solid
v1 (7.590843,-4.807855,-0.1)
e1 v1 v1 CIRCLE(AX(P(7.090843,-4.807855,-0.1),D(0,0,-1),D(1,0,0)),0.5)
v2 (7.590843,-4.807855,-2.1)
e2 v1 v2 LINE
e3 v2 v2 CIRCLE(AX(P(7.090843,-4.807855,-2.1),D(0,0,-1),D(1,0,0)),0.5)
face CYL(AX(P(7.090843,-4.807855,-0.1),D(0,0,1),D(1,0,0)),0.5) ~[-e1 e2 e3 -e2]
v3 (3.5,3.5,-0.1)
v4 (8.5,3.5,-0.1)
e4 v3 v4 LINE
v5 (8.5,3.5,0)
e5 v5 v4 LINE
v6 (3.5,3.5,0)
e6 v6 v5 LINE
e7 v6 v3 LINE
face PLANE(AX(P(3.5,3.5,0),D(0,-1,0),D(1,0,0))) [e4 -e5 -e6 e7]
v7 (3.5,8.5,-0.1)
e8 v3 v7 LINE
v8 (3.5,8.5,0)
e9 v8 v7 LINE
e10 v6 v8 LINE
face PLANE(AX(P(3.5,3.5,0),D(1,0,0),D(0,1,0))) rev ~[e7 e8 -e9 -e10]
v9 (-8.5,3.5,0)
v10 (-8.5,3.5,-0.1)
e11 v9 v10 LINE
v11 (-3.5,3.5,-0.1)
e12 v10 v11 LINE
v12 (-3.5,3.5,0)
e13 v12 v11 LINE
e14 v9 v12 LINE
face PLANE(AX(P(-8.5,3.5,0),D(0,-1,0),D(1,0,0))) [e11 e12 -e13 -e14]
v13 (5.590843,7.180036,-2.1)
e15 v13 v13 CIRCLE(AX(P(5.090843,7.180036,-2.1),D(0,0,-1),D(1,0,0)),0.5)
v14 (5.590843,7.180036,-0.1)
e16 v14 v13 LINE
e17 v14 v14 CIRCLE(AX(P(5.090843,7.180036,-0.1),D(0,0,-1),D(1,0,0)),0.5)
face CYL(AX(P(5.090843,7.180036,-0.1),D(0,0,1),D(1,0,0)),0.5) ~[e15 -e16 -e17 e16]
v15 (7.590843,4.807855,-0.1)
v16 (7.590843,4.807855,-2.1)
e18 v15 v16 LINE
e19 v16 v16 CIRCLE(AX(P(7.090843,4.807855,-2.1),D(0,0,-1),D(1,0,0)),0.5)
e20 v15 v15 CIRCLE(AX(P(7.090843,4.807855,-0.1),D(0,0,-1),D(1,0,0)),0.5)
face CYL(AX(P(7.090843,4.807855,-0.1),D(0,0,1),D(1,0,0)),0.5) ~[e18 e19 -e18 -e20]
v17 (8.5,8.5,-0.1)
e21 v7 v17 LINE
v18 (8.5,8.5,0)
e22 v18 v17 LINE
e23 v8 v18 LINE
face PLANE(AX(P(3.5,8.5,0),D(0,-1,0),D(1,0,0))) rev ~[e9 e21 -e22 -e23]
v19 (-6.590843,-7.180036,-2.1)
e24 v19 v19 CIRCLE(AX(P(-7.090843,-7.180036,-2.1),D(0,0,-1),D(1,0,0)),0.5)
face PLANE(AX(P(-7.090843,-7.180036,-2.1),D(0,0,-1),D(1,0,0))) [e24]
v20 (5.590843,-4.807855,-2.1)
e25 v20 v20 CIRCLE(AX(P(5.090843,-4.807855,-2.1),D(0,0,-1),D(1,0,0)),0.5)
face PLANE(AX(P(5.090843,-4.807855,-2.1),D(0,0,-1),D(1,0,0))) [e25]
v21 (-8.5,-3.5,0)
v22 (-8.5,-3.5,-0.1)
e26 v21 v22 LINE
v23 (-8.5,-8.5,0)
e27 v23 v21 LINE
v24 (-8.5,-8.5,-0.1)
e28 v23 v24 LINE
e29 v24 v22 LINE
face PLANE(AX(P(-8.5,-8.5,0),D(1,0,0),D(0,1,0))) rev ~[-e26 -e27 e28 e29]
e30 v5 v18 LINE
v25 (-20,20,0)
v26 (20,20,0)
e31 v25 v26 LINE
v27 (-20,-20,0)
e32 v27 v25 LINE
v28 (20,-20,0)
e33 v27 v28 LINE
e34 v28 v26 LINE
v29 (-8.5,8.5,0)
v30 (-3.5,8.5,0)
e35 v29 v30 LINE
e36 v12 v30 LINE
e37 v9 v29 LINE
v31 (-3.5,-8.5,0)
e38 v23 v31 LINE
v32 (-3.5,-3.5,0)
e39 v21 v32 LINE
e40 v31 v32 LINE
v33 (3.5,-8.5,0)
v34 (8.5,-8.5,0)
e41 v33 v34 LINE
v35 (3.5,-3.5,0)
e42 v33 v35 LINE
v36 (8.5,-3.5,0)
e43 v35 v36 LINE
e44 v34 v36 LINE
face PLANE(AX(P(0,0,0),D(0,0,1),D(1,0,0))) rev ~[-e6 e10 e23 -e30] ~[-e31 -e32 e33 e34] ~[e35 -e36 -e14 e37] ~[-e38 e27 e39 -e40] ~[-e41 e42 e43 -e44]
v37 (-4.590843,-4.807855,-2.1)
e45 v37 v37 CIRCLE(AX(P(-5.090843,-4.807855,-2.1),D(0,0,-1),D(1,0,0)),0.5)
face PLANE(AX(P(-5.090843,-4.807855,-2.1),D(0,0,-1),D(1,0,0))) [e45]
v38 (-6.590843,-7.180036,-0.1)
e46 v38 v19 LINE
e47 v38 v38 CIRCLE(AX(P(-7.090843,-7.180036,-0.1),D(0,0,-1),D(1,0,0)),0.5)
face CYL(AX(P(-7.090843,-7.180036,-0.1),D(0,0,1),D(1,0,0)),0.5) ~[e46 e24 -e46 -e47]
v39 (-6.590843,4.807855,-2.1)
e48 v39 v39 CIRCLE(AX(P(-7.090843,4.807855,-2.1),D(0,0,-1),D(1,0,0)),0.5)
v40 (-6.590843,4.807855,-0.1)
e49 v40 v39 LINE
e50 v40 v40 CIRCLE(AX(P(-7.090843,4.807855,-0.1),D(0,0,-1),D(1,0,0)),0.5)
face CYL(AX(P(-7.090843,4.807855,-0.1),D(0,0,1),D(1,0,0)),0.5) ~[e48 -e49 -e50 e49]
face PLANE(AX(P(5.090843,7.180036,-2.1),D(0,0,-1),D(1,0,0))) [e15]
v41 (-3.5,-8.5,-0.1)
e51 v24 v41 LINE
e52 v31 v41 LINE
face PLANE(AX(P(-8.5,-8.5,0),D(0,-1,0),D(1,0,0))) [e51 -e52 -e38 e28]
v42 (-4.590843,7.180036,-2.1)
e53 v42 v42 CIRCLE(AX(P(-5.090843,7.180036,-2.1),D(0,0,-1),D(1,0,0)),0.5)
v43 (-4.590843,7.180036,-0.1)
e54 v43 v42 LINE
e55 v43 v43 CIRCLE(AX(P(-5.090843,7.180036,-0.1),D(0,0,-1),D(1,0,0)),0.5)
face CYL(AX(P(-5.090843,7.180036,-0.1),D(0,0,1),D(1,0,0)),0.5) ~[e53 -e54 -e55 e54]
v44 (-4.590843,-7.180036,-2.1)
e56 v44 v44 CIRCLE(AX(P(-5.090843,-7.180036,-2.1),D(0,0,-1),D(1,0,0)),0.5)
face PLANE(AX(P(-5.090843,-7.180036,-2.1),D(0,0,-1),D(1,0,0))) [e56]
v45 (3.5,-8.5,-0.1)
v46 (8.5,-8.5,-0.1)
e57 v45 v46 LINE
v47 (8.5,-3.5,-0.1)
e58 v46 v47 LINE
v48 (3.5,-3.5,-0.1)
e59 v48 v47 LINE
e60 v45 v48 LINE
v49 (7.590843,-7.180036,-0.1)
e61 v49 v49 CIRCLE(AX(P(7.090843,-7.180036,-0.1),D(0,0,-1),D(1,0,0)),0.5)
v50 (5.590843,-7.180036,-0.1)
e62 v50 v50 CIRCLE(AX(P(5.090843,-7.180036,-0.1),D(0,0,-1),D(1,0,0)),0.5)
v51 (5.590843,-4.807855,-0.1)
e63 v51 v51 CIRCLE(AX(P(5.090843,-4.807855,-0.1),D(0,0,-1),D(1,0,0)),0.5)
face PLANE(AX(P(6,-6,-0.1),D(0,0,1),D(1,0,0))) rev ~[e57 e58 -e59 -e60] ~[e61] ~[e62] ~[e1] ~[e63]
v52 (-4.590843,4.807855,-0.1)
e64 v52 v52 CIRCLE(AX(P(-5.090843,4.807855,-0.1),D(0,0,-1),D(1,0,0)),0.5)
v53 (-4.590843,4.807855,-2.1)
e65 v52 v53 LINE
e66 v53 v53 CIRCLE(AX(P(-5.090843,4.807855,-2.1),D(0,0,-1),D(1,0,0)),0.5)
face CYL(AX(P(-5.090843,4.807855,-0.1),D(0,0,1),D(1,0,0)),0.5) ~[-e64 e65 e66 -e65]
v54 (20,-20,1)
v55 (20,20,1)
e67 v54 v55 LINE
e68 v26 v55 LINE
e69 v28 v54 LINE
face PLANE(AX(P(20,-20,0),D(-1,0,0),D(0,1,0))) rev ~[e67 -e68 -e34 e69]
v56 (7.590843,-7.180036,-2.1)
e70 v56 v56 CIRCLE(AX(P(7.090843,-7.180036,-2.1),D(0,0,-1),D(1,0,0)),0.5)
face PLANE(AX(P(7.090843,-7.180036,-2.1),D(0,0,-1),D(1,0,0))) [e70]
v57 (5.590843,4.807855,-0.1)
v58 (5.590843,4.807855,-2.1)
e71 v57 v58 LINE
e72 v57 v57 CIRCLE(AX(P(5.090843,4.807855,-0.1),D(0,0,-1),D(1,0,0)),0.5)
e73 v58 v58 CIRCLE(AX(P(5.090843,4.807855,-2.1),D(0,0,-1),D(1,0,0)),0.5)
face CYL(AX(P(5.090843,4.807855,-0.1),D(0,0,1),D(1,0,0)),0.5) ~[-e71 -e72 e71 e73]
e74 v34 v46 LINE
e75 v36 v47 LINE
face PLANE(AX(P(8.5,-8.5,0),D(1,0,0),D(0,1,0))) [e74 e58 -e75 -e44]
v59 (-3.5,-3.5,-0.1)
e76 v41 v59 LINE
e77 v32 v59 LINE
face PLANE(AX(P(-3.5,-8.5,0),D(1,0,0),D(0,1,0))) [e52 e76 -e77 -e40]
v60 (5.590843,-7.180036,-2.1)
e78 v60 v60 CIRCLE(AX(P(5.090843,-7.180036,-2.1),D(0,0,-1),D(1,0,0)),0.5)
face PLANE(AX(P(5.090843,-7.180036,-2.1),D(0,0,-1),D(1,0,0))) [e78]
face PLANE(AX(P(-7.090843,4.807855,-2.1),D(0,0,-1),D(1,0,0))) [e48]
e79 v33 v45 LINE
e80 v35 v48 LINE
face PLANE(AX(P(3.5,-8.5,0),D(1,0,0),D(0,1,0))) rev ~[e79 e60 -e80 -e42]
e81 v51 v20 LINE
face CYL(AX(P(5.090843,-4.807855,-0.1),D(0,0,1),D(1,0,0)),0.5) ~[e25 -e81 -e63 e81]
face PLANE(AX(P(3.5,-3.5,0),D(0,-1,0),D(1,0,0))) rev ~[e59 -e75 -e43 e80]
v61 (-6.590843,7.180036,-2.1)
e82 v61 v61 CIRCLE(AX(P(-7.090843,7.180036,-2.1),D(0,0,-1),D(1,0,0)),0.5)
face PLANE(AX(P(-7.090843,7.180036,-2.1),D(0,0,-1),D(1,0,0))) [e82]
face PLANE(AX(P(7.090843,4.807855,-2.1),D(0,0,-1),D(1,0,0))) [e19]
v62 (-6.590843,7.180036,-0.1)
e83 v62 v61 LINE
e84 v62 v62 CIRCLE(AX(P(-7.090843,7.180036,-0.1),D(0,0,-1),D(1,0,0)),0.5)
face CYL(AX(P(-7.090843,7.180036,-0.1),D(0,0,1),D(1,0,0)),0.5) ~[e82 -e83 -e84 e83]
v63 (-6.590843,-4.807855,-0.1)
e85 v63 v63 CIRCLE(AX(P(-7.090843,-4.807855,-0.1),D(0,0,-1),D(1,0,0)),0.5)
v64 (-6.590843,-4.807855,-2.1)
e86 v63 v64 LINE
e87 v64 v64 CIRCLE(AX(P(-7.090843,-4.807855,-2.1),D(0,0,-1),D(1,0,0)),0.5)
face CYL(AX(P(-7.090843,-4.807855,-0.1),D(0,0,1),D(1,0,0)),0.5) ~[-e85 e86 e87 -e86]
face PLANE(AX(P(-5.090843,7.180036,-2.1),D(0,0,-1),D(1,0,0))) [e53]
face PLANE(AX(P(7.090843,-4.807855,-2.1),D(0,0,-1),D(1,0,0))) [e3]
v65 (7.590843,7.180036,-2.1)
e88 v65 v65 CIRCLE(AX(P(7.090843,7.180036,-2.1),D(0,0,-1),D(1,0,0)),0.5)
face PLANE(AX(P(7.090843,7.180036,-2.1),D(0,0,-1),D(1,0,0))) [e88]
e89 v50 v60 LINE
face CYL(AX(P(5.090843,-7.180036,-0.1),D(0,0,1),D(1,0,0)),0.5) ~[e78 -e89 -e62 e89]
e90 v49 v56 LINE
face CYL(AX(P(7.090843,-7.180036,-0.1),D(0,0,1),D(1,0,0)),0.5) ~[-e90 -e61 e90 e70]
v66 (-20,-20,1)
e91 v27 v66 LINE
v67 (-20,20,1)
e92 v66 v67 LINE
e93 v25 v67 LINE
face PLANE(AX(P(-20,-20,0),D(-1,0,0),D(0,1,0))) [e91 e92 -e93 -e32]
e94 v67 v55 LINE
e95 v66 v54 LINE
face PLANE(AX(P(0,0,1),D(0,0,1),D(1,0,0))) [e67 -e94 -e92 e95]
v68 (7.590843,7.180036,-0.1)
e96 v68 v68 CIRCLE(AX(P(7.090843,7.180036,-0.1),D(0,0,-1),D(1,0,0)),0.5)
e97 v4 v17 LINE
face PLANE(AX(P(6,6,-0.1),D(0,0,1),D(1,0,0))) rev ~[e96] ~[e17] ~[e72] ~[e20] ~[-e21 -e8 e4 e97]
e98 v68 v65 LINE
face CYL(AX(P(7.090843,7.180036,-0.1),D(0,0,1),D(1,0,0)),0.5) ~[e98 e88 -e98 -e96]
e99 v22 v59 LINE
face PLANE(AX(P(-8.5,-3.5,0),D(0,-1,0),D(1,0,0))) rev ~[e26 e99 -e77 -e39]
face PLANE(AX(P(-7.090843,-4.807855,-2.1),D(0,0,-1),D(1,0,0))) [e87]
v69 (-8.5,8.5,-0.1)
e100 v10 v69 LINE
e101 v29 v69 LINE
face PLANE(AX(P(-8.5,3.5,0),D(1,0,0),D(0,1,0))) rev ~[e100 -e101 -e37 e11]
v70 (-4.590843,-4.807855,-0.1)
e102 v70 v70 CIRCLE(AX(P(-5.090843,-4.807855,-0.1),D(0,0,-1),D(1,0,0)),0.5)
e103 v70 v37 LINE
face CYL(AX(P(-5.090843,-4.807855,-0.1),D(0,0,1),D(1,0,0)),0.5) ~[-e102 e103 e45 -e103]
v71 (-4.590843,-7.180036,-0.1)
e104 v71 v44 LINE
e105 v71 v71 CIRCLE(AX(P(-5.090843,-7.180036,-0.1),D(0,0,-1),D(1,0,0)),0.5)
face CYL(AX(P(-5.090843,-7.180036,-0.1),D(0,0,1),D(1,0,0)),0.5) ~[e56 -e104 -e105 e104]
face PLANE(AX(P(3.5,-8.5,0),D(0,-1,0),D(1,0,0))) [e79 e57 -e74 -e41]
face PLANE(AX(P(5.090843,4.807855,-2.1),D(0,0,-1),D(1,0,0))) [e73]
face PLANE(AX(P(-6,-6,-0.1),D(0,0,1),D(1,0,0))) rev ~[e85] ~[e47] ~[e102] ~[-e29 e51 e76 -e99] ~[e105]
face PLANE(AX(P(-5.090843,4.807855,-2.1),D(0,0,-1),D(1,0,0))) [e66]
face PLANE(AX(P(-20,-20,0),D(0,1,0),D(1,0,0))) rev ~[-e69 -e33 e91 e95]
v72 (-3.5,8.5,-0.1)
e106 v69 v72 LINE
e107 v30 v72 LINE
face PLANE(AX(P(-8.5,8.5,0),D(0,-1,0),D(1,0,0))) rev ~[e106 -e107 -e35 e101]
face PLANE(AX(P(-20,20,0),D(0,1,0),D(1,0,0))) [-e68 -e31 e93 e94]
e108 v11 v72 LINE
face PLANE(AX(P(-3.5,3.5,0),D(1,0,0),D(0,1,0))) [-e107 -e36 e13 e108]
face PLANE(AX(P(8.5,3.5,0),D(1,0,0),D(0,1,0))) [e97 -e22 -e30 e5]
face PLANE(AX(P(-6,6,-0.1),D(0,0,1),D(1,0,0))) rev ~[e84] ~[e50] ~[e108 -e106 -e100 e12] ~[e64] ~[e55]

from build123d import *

# Parameters (mm, degrees)
F0_W     = 5
F0_H     = 5
F1_DEPTH = 0.1
F2_W     = 40
F2_H     = 40
F3_DEPTH = 1
F4_R     = 0.5
F5_DEPTH = 2


with BuildPart() as f1:
    # F0 (on Top) → F1 (new body)
    with BuildSketch(Plane.XY):
        with Locations((-6, 6)):
            Rectangle(F0_W, F0_H)
        with Locations((6, 6)):
            Rectangle(F0_W, F0_H)
        with Locations((6, -6)):
            Rectangle(F0_W, F0_H)
        with Locations((-6, -6)):
            Rectangle(F0_W, F0_H)
    extrude(amount=-F1_DEPTH)

    # F2 (on Top) → F3 (join)
    with BuildSketch(Plane.XY):
        Rectangle(F2_W, F2_H)
    extrude(amount=F3_DEPTH)

    # F4 (on face) → F5 (join)
    with BuildSketch(Plane(origin=(0, 0, -0.1), x_dir=(1, 0, 0), z_dir=(0, 0, -1))):
        with Locations((-7.090843, 7.180036)):
            Circle(F4_R)
        with Locations((-5.090843, 7.180036)):
            Circle(F4_R)
        with Locations((-7.090843, 4.807855)):
            Circle(F4_R)
        with Locations((-5.090843, 4.807855)):
            Circle(F4_R)
        with Locations((7.090843, 7.180036)):
            Circle(F4_R)
        with Locations((5.090843, 7.180036)):
            Circle(F4_R)
        with Locations((5.090843, 4.807855)):
            Circle(F4_R)
        with Locations((7.090843, 4.807855)):
            Circle(F4_R)
        with Locations((-7.090843, -4.807855)):
            Circle(F4_R)
        with Locations((-5.090843, -7.180036)):
            Circle(F4_R)
        with Locations((-7.090843, -7.180036)):
            Circle(F4_R)
        with Locations((-5.090843, -4.807855)):
            Circle(F4_R)
        with Locations((5.090843, -7.180036)):
            Circle(F4_R)
        with Locations((5.090843, -4.807855)):
            Circle(F4_R)
        with Locations((7.090843, -4.807855)):
            Circle(F4_R)
        with Locations((7.090843, -7.180036)):
            Circle(F4_R)
    extrude(amount=F5_DEPTH)


solid = f1.part
